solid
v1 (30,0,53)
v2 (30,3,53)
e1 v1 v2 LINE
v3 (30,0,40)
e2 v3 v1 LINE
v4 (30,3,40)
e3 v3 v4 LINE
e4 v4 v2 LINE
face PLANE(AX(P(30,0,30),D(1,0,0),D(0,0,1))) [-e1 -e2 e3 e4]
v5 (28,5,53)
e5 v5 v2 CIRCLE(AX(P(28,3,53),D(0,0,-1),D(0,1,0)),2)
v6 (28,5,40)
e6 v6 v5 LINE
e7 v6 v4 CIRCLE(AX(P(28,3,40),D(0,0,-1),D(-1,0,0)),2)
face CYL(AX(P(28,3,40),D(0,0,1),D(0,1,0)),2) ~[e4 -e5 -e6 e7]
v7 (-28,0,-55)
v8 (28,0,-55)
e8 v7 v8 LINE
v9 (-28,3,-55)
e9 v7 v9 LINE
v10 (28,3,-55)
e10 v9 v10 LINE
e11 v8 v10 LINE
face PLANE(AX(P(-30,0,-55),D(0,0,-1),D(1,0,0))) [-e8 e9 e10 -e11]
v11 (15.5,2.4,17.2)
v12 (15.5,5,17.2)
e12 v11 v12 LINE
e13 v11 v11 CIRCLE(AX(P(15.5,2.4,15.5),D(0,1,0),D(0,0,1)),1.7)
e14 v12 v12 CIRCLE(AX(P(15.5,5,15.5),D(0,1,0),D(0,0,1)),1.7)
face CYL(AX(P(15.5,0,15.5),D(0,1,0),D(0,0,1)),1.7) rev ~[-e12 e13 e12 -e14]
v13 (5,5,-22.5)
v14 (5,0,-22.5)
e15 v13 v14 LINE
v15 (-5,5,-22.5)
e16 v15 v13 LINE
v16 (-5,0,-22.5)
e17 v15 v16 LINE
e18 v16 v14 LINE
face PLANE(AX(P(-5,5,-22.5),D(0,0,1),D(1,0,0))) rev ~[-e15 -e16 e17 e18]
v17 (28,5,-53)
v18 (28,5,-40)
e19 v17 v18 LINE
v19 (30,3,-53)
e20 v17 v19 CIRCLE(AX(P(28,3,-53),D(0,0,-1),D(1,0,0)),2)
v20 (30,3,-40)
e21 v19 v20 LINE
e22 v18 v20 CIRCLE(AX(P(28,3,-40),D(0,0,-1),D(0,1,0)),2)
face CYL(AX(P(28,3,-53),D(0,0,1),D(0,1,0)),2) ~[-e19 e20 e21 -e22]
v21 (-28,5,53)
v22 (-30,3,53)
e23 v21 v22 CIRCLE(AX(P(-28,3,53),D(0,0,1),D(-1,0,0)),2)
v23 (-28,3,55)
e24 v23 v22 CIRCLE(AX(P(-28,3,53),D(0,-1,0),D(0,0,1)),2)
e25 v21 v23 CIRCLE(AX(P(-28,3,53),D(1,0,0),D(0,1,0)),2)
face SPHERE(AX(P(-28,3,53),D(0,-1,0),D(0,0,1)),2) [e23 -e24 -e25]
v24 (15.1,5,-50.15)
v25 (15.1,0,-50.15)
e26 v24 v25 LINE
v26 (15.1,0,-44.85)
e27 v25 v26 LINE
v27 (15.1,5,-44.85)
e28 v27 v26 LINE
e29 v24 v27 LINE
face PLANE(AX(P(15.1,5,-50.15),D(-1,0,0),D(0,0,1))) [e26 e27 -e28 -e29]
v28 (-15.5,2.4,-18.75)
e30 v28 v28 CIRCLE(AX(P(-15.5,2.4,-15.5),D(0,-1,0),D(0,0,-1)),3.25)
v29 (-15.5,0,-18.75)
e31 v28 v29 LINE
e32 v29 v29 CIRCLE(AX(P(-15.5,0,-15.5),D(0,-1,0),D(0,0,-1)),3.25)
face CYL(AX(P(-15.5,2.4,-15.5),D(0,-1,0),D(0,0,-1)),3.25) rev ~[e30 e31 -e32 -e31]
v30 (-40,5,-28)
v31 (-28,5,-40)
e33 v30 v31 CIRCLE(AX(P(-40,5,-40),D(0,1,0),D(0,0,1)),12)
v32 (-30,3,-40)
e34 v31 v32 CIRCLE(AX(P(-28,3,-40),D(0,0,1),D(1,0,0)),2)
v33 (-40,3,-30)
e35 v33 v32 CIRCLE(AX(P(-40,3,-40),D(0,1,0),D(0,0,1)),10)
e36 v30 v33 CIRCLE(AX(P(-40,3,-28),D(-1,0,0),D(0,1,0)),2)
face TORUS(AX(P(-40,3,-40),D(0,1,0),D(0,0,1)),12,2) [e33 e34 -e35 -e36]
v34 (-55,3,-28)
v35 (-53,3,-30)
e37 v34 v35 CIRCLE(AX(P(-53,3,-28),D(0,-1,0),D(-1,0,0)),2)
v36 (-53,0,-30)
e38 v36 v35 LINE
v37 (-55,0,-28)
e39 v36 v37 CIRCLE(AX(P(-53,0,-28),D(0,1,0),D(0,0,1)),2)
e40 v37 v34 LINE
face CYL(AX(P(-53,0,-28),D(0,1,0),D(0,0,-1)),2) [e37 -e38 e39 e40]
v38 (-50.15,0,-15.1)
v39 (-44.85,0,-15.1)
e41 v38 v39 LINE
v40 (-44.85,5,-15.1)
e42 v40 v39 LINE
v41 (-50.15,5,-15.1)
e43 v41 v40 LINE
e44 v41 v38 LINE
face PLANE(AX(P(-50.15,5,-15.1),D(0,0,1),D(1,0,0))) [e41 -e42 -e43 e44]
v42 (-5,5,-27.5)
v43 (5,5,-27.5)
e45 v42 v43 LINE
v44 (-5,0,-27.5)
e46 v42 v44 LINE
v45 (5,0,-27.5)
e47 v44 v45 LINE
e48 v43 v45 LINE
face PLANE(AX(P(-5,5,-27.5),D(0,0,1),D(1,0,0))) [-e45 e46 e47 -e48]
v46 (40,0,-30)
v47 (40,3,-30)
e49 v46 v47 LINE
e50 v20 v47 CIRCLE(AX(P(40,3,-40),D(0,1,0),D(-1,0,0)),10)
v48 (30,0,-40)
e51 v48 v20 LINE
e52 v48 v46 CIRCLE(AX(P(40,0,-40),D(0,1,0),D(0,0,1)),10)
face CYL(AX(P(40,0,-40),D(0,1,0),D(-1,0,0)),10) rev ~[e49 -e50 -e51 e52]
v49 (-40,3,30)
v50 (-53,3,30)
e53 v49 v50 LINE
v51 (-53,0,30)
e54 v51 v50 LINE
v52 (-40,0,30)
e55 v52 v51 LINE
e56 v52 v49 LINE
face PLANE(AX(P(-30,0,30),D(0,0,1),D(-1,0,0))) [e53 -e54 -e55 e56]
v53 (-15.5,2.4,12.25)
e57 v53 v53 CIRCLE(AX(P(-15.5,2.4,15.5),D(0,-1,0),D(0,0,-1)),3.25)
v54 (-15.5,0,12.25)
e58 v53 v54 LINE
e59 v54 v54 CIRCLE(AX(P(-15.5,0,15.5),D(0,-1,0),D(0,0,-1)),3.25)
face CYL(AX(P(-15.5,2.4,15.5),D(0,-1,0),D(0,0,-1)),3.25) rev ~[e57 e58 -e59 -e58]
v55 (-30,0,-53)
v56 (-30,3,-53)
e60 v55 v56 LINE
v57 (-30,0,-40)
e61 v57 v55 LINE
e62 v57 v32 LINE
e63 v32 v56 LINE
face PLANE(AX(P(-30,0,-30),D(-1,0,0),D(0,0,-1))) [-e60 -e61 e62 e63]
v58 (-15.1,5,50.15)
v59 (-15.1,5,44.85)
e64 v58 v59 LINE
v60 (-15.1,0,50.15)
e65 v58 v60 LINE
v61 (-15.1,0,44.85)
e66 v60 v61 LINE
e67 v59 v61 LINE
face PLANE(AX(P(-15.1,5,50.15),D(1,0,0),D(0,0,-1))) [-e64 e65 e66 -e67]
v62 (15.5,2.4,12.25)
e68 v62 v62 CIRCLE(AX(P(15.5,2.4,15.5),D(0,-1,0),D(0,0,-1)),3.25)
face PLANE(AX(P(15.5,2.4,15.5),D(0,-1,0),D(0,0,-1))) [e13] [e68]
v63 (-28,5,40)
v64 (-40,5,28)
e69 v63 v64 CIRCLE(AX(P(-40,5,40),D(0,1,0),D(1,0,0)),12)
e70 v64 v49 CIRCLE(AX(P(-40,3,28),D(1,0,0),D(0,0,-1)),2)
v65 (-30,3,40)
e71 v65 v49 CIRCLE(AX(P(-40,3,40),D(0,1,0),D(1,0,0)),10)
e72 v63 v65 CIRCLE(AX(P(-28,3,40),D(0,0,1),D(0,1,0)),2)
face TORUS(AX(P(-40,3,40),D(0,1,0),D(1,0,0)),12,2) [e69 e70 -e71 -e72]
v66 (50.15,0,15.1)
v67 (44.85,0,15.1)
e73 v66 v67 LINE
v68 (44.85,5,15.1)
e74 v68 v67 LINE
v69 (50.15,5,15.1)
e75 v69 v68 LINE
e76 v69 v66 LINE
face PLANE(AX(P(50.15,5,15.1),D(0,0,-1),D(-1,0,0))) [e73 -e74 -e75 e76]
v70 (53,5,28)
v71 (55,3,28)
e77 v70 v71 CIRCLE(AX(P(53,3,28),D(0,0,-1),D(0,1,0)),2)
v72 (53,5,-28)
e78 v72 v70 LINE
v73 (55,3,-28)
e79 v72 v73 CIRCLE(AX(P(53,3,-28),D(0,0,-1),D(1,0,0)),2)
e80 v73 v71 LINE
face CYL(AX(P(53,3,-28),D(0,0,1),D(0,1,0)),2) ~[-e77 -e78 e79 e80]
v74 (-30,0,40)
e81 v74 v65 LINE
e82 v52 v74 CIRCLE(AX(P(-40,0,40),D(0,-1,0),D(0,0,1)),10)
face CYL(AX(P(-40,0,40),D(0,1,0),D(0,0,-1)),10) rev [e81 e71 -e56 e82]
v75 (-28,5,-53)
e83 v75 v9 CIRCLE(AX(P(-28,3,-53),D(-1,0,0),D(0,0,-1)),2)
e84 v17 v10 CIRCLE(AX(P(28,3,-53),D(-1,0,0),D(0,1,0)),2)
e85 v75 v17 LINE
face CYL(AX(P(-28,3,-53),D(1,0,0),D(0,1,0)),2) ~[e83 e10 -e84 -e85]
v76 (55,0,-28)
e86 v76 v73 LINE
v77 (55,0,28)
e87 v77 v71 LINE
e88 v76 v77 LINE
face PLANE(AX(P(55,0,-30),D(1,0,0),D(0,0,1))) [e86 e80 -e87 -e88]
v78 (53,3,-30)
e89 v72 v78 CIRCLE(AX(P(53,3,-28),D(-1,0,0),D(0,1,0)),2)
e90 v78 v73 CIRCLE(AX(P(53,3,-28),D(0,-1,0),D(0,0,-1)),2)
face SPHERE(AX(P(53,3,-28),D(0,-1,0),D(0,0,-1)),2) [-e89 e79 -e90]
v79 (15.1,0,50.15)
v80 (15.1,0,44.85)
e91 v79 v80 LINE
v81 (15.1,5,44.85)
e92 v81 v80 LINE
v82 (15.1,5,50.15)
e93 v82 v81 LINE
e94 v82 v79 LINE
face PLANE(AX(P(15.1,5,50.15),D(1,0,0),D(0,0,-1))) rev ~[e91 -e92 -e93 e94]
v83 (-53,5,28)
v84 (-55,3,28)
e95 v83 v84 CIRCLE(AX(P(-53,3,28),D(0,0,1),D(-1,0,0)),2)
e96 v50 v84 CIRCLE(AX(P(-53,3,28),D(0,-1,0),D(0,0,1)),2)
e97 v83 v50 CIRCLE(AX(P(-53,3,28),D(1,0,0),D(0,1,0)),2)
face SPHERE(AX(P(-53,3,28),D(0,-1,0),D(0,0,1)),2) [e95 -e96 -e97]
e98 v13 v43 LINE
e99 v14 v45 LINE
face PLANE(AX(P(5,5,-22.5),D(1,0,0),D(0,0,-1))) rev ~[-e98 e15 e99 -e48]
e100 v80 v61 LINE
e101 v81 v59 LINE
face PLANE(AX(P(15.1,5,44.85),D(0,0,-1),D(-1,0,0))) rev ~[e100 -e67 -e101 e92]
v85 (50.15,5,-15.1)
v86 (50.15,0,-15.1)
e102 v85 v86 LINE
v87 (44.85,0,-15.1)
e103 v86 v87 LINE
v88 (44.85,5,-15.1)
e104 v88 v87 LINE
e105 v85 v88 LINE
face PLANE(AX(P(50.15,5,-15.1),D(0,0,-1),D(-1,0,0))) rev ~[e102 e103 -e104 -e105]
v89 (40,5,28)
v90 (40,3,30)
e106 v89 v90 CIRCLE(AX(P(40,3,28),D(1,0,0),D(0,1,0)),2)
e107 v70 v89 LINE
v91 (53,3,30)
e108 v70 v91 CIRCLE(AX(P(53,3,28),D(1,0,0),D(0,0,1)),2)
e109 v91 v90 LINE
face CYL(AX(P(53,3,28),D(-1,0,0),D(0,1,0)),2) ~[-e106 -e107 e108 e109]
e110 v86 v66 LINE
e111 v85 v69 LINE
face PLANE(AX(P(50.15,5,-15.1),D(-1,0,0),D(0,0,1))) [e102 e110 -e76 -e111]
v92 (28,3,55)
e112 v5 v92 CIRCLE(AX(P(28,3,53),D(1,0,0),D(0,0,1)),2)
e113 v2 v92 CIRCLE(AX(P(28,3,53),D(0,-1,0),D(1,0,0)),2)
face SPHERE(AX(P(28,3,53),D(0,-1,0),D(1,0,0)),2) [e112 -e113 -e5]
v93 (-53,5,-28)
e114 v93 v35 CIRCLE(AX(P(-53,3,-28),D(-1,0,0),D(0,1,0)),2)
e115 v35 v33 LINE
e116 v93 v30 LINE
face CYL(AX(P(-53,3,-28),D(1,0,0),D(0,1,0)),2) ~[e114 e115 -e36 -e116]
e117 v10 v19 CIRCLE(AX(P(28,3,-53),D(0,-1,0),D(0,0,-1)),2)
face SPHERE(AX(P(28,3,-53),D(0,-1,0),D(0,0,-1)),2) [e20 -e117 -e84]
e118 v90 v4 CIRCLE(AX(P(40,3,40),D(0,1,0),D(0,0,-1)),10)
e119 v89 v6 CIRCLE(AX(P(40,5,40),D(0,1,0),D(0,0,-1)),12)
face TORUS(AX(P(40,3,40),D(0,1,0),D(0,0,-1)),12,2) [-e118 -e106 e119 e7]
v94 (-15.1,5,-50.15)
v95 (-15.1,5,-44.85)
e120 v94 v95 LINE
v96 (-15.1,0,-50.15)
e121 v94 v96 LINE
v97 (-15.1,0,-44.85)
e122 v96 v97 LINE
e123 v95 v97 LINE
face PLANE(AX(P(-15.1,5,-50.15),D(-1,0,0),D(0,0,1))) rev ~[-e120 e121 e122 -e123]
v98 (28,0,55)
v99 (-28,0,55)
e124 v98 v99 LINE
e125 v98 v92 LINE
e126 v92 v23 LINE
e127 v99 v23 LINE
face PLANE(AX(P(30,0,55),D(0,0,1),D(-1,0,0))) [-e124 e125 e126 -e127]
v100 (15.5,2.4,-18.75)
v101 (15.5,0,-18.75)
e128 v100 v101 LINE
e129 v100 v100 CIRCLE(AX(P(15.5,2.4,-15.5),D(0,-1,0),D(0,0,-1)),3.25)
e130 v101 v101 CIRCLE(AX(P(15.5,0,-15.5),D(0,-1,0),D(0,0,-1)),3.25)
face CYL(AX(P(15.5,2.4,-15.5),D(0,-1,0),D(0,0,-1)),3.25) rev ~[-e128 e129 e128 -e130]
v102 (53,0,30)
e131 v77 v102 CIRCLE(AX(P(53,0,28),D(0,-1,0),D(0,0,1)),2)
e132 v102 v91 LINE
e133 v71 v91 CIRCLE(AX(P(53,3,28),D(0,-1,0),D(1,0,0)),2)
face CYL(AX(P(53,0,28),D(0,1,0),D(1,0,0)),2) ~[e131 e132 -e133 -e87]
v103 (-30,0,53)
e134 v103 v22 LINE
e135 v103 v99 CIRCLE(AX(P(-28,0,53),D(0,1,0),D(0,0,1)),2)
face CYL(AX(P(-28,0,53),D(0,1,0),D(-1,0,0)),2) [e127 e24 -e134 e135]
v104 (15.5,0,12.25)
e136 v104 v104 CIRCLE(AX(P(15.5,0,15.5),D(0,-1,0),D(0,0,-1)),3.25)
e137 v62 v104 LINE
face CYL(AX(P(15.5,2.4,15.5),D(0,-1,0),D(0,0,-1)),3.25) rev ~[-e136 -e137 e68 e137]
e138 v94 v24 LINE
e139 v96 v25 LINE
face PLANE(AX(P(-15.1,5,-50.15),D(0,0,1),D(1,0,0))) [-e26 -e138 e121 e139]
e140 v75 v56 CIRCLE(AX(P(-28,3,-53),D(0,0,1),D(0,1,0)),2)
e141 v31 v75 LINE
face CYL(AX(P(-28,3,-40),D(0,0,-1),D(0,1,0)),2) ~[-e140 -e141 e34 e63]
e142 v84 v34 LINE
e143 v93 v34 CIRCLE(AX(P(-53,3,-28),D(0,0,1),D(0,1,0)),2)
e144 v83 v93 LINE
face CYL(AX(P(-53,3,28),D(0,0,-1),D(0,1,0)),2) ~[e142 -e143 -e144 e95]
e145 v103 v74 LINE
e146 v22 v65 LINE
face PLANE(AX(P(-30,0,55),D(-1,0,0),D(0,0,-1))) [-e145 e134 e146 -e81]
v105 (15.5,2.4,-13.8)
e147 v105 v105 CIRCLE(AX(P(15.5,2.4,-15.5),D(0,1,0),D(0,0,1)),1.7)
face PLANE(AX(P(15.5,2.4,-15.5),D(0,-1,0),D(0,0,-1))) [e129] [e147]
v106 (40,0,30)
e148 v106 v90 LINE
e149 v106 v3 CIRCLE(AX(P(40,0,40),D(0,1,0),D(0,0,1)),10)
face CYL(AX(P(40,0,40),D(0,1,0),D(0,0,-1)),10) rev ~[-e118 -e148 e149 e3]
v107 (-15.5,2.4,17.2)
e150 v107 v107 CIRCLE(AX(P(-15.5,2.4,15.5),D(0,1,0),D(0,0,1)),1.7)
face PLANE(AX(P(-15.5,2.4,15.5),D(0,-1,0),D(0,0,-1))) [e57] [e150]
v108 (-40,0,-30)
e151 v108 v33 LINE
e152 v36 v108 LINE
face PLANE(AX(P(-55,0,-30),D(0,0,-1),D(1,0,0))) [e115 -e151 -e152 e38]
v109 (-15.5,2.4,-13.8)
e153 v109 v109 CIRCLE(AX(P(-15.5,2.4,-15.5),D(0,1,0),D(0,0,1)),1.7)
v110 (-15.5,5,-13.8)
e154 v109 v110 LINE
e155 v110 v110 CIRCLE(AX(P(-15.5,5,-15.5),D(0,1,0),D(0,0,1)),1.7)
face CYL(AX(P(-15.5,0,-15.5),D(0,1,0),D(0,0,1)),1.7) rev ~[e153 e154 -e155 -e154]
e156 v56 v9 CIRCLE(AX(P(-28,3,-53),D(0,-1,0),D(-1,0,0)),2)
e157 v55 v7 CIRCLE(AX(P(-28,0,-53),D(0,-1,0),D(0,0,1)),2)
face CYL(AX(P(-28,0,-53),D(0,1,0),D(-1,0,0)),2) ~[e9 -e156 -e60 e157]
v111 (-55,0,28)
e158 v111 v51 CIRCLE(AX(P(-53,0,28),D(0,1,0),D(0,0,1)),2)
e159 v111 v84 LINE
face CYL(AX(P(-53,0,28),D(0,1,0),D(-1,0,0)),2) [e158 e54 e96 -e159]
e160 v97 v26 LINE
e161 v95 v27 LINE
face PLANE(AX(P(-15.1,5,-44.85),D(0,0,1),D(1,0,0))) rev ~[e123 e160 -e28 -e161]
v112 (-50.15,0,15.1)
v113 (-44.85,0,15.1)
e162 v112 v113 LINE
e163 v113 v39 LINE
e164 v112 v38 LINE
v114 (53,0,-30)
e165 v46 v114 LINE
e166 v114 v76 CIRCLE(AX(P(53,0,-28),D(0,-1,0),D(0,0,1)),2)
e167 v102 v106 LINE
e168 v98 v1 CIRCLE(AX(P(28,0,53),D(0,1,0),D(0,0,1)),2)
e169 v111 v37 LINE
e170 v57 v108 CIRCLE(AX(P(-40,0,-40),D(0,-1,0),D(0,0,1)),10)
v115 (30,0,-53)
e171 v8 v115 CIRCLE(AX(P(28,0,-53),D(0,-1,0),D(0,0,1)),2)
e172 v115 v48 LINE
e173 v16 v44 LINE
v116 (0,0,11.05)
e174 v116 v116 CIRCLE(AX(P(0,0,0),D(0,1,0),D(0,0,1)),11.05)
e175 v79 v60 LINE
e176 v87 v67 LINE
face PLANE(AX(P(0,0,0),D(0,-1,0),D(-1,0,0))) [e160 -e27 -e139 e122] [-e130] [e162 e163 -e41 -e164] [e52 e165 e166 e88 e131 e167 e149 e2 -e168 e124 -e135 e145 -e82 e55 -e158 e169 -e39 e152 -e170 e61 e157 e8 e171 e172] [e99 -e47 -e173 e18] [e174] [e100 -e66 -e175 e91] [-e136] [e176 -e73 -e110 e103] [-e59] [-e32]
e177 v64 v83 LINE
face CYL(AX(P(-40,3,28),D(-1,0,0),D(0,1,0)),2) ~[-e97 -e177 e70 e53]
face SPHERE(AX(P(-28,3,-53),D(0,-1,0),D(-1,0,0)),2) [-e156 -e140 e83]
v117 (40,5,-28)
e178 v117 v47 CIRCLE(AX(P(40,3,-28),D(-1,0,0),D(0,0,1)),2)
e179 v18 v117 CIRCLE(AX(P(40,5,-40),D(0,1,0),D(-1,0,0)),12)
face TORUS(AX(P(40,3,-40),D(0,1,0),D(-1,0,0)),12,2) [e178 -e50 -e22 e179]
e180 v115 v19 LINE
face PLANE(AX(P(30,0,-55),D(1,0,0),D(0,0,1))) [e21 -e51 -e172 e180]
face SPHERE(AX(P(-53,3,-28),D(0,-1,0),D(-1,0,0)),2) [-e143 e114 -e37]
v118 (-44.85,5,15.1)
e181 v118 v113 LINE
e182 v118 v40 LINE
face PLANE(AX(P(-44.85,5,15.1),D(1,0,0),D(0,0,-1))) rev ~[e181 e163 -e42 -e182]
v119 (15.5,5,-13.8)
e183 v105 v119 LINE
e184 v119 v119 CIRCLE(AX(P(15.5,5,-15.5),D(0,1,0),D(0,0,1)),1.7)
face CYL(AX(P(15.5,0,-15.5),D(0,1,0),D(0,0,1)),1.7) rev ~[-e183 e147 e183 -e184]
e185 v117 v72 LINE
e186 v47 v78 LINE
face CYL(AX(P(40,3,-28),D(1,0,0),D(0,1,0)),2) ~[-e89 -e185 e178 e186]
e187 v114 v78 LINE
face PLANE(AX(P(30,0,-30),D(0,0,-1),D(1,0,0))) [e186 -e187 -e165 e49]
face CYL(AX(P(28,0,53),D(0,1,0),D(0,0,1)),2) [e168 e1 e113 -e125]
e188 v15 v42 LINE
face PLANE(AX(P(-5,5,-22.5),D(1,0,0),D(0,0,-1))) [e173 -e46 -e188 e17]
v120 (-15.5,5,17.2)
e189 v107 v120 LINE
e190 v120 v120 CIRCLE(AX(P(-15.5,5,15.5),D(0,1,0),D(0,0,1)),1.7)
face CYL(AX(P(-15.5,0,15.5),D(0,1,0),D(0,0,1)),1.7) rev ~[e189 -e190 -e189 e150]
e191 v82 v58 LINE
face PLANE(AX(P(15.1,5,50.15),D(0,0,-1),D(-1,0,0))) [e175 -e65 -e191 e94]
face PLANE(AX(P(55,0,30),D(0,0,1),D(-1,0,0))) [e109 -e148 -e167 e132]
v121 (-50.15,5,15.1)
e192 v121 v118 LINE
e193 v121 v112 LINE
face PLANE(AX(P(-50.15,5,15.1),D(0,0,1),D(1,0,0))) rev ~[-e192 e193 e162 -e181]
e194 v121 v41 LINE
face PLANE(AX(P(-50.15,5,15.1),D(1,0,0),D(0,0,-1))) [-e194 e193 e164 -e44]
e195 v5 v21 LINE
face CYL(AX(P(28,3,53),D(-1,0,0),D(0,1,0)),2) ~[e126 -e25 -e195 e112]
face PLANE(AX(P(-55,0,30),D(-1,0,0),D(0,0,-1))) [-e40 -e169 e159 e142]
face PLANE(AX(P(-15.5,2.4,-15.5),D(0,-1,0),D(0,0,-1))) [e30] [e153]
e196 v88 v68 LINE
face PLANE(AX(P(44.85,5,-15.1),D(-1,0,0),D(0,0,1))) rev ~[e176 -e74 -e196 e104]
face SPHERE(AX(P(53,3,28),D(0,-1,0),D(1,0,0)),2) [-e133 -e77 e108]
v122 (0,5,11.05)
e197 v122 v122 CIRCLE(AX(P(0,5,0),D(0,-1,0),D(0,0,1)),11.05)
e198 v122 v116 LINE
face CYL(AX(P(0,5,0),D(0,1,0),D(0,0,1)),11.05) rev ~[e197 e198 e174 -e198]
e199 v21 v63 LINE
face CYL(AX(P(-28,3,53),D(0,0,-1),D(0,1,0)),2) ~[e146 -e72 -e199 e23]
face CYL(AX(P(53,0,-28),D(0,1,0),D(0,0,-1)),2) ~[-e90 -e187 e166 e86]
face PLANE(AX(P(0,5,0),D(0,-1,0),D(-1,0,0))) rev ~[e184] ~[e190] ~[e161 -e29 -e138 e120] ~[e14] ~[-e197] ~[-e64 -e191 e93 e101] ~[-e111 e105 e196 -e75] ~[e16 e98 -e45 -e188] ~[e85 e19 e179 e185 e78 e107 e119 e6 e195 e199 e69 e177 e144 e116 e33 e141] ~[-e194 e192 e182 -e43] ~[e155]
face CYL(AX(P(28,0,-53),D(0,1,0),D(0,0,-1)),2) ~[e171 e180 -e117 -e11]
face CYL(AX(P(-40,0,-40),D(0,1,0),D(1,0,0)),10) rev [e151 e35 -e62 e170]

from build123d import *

# Parameters (mm, degrees)
BOSS_EXTRUDE1_DEPTH                                  = 5
CUT_EXTRUDE1_REACH                                   = 79.942
SKETCH2_R                                            = 11.05
SKETCH2_W                                            = 5.3
SKETCH2_H                                            = 30.2
CIRPATTERN1_COUNT                                    = 4
CBORE_FOR_M3_HEX_SOCKET_THIN_HEAD_CAP_SC_D           = 3.4
CBORE_FOR_M3_HEX_SOCKET_THIN_HEAD_CAP_SC_CBORE_D     = 6.5
CBORE_FOR_M3_HEX_SOCKET_THIN_HEAD_CAP_SC_CBORE_DEPTH = 2.4
FILLET1_R                                            = 10
FILLET2_R                                            = 2
FILLET3_R                                            = 2
CUT_EXTRUDE2_REACH                                   = 79.942
SKETCH6_W                                            = 10
SKETCH6_H                                            = 5


with BuildPart() as part:
    # Sketch1 → Boss-Extrude1 (new body)
    with BuildSketch(Plane(origin=(0, 0, 0), x_dir=(1, 0, 0), z_dir=(0, 1, 0))):
        Polygon((-30, 55), (30, 55), (30, 30), (55, 30), (55, -30), (30, -30), (30, -55), (-30, -55), (-30, -30), (-55, -30), (-55, 30), (-30, 30), align=None)
    extrude(amount=BOSS_EXTRUDE1_DEPTH)

    # Sketch2 → Cut-Extrude1 (cut, up to next)
    with BuildSketch(Plane(origin=(0, 5, 0), x_dir=(1, 0, 0), z_dir=(0, 1, 0)), mode=Mode.PRIVATE) as cut_extrude1_sk1:
        with Locations(Location((0, 0, 0), (0, 0, 270))):
            Circle(SKETCH2_R)
    cut_extrude1_tool1 = extrude(cut_extrude1_sk1.sketch, amount=-CUT_EXTRUDE1_REACH, mode=Mode.PRIVATE) & part.part
    # Sketch2 → Cut-Extrude1 (cut, up to next)
    with BuildSketch(Plane(origin=(0, 5, 0), x_dir=(1, 0, 0), z_dir=(0, 1, 0)), mode=Mode.PRIVATE) as cut_extrude1_sk2:
        with Locations((-47.5, 0)):
            Rectangle(SKETCH2_W, SKETCH2_H)
    cut_extrude1_tool2 = extrude(cut_extrude1_sk2.sketch, amount=-CUT_EXTRUDE1_REACH, mode=Mode.PRIVATE) & part.part
    cut_extrude1_1 = cut_extrude1_tool1.solids().sort_by_distance((0, 5, 0))[0]
    add(cut_extrude1_1, mode=Mode.SUBTRACT)
    cut_extrude1_2 = cut_extrude1_tool2.solids().sort_by_distance((-47.5, 5, 0))[0]
    add(cut_extrude1_2, mode=Mode.SUBTRACT)
    cut_extrude1 = cut_extrude1_1 + cut_extrude1_2  # Cut-Extrude1 as one shape, for the pattern or mirror that repeats it

    # CirPattern1: Cut-Extrude1 ×4 about axis
    cirpattern1_axis = Axis((0, 0, 0), (0, 1, 0))
    for i in range(1, CIRPATTERN1_COUNT):
        add(cut_extrude1.rotate(cirpattern1_axis, i * 360 / CIRPATTERN1_COUNT), mode=Mode.SUBTRACT)

    # CBORE for M3 Hex Socket Thin Head Cap Screw1 (through all)
    with Locations(Plane(origin=(-15.5, 0, 15.5), x_dir=(0, 0, -1), z_dir=(0, -1, 0))):
        with Locations((0, 0), (31, 0), (31, 31), (0, 31)):
            CounterBoreHole(CBORE_FOR_M3_HEX_SOCKET_THIN_HEAD_CAP_SC_D / 2, CBORE_FOR_M3_HEX_SOCKET_THIN_HEAD_CAP_SC_CBORE_D / 2, CBORE_FOR_M3_HEX_SOCKET_THIN_HEAD_CAP_SC_CBORE_DEPTH)

    # Fillet1
    fillet1_edges = [part.edges().sort_by_distance(p)[0] for p in [
        (30, 2.5, -30),
        (30, 2.5, 30),
        (-30, 2.5, 30),
        (-30, 2.5, -30),
    ]]
    fillet(fillet1_edges, radius=FILLET1_R)

    # Fillet2
    fillet2_edges = [part.edges().sort_by_distance(p)[0] for p in [
        (-30, 2.5, -55),
        (30, 2.5, -55),
        (55, 2.5, -30),
        (55, 2.5, 30),
        (30, 2.5, 55),
        (-30, 2.5, 55),
        (-55, 2.5, 30),
        (-55, 2.5, -30),
    ]]
    fillet(fillet2_edges, radius=FILLET2_R)

    # Fillet3
    fillet3_edges = [part.edges().sort_by_distance(p)[0] for p in [
        (-46.5, 5, -30),
        (30, 5, -46.5),
        (46.5, 5, 30),
        (-30, 5, 46.5),
        (-32.928932188, 5, -32.928932188),
        (32.928932188, 5, -32.928932188),
        (32.928932188, 5, 32.928932188),
        (-32.928932188, 5, 32.928932188),
        (-55, 5, 0),
        (-30, 5, -46.5),
        (-46.5, 5, 30),
        (0, 5, 55),
        (30, 5, 46.5),
        (55, 5, 0),
        (46.5, 5, -30),
        (0, 5, -55),
        (-29.414213562, 5, -54.414213562),
        (54.414213562, 5, -29.414213562),
        (29.414213562, 5, -54.414213562),
        (29.414213562, 5, 54.414213562),
        (54.414213562, 5, 29.414213562),
        (-54.414213562, 5, 29.414213562),
        (-29.414213562, 5, 54.414213562),
        (-54.414213562, 5, -29.414213562),
    ]]
    fillet(fillet3_edges, radius=FILLET3_R)

    # Sketch6 → Cut-Extrude2 (cut, up to next)
    with BuildSketch(Plane(origin=(0, 5, 0), x_dir=(1, 0, 0), z_dir=(0, 1, 0)), mode=Mode.PRIVATE) as cut_extrude2_sk1:
        with Locations((0, 25)):
            Rectangle(SKETCH6_W, SKETCH6_H)
    cut_extrude2_tool1 = extrude(cut_extrude2_sk1.sketch, amount=-CUT_EXTRUDE2_REACH, mode=Mode.PRIVATE) & part.part
    add(cut_extrude2_tool1.solids().sort_by_distance((0, 5, -25))[0], mode=Mode.SUBTRACT)


solid = part.part
